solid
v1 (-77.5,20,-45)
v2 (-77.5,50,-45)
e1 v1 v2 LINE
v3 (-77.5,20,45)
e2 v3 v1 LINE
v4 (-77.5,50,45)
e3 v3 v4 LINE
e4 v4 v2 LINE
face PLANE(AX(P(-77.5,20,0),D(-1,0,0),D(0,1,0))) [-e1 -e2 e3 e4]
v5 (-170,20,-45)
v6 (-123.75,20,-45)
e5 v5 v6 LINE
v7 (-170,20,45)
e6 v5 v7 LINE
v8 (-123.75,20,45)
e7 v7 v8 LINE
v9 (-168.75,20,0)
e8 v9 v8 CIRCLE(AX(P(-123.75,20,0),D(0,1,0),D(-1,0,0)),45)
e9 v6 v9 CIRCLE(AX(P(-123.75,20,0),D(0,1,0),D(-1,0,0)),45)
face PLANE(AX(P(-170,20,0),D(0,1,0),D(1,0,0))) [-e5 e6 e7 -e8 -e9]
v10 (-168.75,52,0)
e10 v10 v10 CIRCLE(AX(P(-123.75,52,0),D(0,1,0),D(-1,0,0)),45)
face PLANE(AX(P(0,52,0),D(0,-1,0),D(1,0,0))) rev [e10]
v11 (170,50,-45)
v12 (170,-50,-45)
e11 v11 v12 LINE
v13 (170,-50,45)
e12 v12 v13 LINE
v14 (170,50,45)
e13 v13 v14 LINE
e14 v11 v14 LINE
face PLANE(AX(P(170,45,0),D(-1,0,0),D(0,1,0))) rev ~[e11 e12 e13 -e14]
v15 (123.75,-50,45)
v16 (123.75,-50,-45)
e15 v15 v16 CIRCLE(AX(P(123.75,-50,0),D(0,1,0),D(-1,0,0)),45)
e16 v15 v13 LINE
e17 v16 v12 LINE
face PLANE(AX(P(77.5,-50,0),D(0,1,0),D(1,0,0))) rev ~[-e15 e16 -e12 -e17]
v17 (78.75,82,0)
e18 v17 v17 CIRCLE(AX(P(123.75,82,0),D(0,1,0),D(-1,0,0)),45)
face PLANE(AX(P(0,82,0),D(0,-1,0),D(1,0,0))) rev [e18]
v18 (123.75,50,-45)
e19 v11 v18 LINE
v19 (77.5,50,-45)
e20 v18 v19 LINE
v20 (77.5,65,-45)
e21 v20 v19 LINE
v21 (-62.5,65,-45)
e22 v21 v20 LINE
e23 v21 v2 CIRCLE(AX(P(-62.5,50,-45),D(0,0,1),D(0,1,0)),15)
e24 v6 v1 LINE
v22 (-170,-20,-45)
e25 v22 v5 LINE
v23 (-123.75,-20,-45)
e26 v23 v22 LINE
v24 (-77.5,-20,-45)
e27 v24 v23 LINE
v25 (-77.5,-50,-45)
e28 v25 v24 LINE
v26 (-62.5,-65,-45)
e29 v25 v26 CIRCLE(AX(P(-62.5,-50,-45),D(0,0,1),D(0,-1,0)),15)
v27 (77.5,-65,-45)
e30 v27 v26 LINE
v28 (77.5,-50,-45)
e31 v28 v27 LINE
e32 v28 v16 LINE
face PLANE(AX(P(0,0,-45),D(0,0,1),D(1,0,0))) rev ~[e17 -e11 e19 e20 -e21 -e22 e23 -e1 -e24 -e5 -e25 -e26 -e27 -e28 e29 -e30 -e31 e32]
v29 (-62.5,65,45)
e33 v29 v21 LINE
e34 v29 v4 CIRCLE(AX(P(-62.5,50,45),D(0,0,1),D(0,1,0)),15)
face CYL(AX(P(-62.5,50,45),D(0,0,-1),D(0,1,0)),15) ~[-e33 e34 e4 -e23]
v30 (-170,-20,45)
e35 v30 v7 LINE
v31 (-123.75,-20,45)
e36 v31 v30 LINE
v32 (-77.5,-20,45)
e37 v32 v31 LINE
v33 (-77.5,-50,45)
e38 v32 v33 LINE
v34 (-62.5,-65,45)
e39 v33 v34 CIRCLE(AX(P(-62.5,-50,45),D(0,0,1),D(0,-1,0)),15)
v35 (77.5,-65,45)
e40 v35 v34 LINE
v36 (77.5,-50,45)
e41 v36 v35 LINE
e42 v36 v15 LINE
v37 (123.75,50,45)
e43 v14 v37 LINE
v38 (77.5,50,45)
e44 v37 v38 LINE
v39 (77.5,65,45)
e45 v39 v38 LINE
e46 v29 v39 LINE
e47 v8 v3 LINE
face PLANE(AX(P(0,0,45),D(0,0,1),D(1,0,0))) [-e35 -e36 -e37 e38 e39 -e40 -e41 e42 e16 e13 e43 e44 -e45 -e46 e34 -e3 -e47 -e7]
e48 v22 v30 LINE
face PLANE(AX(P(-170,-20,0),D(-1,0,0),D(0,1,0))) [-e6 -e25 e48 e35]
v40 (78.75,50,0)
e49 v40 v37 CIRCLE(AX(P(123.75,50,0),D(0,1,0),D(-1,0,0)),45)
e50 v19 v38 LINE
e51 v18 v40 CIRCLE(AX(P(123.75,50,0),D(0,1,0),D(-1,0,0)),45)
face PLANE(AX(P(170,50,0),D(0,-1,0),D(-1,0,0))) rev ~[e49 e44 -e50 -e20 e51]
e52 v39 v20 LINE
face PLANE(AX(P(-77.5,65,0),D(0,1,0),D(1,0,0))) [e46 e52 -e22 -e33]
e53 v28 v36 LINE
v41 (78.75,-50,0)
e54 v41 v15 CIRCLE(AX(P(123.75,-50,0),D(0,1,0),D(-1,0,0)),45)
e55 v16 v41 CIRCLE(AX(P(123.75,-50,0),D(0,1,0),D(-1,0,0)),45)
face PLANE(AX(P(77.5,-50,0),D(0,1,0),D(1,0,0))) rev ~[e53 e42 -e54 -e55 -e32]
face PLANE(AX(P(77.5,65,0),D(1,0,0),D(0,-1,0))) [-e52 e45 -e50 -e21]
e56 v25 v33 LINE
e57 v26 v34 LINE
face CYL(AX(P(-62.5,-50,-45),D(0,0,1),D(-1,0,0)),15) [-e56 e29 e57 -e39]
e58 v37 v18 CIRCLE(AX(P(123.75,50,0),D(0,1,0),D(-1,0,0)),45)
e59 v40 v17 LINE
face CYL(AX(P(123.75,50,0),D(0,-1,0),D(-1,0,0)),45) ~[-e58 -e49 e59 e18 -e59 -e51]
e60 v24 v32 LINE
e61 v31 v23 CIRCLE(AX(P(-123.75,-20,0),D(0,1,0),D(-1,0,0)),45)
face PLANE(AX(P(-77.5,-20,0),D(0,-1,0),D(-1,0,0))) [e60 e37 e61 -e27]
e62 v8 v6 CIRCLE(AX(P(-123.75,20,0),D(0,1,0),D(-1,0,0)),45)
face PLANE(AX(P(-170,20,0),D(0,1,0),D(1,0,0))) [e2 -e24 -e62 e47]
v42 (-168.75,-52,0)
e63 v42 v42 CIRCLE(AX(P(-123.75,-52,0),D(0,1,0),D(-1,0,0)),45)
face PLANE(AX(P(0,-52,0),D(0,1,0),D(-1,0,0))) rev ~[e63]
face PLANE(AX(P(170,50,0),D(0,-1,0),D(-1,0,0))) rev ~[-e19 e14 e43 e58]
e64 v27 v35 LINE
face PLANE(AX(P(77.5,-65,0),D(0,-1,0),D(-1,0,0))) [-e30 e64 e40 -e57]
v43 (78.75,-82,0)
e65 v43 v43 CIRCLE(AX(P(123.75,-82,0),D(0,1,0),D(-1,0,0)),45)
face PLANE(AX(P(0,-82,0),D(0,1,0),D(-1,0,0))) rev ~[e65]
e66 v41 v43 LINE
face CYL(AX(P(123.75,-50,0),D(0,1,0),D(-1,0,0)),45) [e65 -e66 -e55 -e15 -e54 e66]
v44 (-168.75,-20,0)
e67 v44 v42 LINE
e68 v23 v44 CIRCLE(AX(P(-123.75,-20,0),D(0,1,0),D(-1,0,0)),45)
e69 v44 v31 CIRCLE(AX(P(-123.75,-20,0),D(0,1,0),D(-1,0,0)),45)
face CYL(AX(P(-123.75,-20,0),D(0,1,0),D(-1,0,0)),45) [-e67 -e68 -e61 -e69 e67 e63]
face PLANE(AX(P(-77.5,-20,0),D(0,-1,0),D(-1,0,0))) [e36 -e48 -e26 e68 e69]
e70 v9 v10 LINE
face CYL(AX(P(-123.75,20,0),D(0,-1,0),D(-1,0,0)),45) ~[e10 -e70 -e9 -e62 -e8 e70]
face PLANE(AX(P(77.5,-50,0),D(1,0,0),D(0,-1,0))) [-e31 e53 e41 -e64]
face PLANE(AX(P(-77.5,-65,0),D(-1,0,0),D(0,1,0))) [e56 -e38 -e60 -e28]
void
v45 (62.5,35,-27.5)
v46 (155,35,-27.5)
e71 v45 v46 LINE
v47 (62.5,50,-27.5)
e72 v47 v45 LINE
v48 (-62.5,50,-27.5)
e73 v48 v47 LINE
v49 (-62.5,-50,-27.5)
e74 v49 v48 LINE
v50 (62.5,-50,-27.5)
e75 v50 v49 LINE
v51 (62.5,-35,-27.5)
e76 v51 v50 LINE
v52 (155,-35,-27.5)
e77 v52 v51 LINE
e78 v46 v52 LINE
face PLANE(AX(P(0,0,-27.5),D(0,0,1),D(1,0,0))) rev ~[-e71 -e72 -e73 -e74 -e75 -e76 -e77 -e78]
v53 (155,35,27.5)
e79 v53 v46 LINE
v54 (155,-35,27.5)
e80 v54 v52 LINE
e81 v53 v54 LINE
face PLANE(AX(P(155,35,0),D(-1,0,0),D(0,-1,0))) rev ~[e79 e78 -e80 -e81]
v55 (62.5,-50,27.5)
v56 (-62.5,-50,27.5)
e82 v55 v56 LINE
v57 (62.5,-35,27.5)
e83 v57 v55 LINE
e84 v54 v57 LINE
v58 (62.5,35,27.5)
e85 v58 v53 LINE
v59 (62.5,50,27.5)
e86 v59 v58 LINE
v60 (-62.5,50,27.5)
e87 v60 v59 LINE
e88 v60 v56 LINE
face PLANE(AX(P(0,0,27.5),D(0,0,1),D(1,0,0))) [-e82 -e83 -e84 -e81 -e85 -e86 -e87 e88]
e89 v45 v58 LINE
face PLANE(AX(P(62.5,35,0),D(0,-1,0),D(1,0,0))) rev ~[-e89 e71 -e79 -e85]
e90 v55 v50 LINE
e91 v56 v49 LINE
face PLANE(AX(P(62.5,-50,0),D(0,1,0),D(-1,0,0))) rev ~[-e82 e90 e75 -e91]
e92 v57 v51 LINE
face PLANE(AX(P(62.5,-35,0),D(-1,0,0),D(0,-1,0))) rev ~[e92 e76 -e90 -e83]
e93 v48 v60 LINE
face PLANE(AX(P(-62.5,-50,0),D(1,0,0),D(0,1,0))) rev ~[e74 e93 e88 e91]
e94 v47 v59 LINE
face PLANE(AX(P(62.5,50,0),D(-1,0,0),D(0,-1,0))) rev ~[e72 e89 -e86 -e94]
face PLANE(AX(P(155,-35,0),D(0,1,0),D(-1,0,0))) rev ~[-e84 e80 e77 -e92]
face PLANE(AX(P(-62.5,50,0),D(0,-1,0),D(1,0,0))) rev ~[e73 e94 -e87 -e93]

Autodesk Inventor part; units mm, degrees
ref_plane "YZ Plane" through (0, 0, 0) normal (1, 0, 0) x (0, 1, 0)
ref_plane "XZ Plane" through (0, 0, 0) normal (0, 1, 0) x (-1, 0, 0)
ref_plane "XY Plane" through (0, 0, 0) normal (0, 0, 1) x (1, 0, 0)
sketch "Sketch1" plane through (0, 0, 0) normal (0, 0, 1) x (1, 0, 0)
  line L0 (-170, 20) -> (-77.5, 20)
  line L1 (170, 45) -> (170, 35)
  line L2 (-77.5, -20) -> (-170, -20)
  line L3 (-170, -20) -> (-170, 20)
  line L4 (-77.5, 65) -> (77.5, 65)
  line L5 (77.5, -65) -> (-77.5, -65)
  line L6 (170, 50) -> (77.5, 50)
  line L7 (77.5, -50) -> (170, -50)
  line L8 (170, -50) -> (170, 50)
  line L9 (-77.5, -65) -> (-77.5, -20)
  line L10 (-77.5, 20) -> (-77.5, 65)
  line L11 (-77.5, -20) -> (-77.5, -63.8623)
  line L12 (-170, 0) -> (170, 0) construction
  line L13 (77.5, -50) -> (77.5, -65)
  line L14 (77.5, 65) -> (77.5, 50)
  line L15 (62.5, 35) -> (155, 35)
  line L16 (155, 35) -> (155, -35)
  line L17 (155, -35) -> (62.5, -35)
  line L18 (62.5, -35) -> (62.5, -50)
  line L19 (62.5, -50) -> (-62.5, -50)
  line L20 (-62.5, -50) -> (-62.5, -5)
  line L21 (-62.5, -5) -> (-62.5, 50)
  line L22 (-62.5, 50) -> (62.5, 50)
  line L23 (62.5, 50) -> (62.5, 35)
  line L24 (0, 50) -> (0, -50) construction
  point P0 (0, 0)
  point P1 (170, 5)
  point P2 (170, -5)
  dimension "d2" = 155
  dimension "d3" = 130
  dimension "d21" = 92.5
  dimension "d22" = 100
  dimension "d23" = 40
  dimension "d25" = 92.5
  dimension "d29" = 15
extrude "Extrusion1" add sketch "Sketch1" along normal mid plane 90 contours L0 L10 L4 L14 L6 L8 L1 L7 L13 L5 L9 L2 L3 | L15 L16 L17 L18 L19 L20 L21 L22 L23
sketch "Sketch2" plane through (0, 0, 0) normal (0, 1, 0) x (-1, 0, 0)
  circle A0 centre (-123.75, 0) radius 45
  circle A1 centre (123.75, 0) radius 45
  line L0 (0, 43.1567) -> (0, -43.1567) construction
  line L1 (170.8168, 0) -> (-169.1832, 0) construction
  line L2 (170.8168, 0) -> (-169.1832, 0) construction
  line L3 (170, -45) -> (170, 45) construction
  line L4 (77.5, -45) -> (170, -45) construction
  line L5 (123.75, -45) -> (123.75, 45) construction
  line L6 (170, 45) -> (77.5, 45) construction
  line L7 (-123.75, -45) -> (-123.75, 45) construction
  point P0 (0, 0)
  point P1 (0.8168, 0)
  point P2 (0, 0)
  dimension "d7" = 90
extrude "Extrusion2" add sketch "Sketch2" against normal blind 32 from surface at -50 contours A0
extrude "Extrusion3" add sketch "Sketch2" against normal blind 32 from surface at -20 contours A1
fillet "Fillet1" radius 15 2 edges at (-77.5, 65, 0) (-77.5, -65, 0)
mirror "Mirror1" about plane through (0, 0, 0) normal (0, 1, 0) of "Extrusion3", "Extrusion2"
extrude "Extrusion4" cut sketch "Sketch1" against normal mid plane 55 contours L15 L16 L17 L18 L19 L20 L21 L22 L23
